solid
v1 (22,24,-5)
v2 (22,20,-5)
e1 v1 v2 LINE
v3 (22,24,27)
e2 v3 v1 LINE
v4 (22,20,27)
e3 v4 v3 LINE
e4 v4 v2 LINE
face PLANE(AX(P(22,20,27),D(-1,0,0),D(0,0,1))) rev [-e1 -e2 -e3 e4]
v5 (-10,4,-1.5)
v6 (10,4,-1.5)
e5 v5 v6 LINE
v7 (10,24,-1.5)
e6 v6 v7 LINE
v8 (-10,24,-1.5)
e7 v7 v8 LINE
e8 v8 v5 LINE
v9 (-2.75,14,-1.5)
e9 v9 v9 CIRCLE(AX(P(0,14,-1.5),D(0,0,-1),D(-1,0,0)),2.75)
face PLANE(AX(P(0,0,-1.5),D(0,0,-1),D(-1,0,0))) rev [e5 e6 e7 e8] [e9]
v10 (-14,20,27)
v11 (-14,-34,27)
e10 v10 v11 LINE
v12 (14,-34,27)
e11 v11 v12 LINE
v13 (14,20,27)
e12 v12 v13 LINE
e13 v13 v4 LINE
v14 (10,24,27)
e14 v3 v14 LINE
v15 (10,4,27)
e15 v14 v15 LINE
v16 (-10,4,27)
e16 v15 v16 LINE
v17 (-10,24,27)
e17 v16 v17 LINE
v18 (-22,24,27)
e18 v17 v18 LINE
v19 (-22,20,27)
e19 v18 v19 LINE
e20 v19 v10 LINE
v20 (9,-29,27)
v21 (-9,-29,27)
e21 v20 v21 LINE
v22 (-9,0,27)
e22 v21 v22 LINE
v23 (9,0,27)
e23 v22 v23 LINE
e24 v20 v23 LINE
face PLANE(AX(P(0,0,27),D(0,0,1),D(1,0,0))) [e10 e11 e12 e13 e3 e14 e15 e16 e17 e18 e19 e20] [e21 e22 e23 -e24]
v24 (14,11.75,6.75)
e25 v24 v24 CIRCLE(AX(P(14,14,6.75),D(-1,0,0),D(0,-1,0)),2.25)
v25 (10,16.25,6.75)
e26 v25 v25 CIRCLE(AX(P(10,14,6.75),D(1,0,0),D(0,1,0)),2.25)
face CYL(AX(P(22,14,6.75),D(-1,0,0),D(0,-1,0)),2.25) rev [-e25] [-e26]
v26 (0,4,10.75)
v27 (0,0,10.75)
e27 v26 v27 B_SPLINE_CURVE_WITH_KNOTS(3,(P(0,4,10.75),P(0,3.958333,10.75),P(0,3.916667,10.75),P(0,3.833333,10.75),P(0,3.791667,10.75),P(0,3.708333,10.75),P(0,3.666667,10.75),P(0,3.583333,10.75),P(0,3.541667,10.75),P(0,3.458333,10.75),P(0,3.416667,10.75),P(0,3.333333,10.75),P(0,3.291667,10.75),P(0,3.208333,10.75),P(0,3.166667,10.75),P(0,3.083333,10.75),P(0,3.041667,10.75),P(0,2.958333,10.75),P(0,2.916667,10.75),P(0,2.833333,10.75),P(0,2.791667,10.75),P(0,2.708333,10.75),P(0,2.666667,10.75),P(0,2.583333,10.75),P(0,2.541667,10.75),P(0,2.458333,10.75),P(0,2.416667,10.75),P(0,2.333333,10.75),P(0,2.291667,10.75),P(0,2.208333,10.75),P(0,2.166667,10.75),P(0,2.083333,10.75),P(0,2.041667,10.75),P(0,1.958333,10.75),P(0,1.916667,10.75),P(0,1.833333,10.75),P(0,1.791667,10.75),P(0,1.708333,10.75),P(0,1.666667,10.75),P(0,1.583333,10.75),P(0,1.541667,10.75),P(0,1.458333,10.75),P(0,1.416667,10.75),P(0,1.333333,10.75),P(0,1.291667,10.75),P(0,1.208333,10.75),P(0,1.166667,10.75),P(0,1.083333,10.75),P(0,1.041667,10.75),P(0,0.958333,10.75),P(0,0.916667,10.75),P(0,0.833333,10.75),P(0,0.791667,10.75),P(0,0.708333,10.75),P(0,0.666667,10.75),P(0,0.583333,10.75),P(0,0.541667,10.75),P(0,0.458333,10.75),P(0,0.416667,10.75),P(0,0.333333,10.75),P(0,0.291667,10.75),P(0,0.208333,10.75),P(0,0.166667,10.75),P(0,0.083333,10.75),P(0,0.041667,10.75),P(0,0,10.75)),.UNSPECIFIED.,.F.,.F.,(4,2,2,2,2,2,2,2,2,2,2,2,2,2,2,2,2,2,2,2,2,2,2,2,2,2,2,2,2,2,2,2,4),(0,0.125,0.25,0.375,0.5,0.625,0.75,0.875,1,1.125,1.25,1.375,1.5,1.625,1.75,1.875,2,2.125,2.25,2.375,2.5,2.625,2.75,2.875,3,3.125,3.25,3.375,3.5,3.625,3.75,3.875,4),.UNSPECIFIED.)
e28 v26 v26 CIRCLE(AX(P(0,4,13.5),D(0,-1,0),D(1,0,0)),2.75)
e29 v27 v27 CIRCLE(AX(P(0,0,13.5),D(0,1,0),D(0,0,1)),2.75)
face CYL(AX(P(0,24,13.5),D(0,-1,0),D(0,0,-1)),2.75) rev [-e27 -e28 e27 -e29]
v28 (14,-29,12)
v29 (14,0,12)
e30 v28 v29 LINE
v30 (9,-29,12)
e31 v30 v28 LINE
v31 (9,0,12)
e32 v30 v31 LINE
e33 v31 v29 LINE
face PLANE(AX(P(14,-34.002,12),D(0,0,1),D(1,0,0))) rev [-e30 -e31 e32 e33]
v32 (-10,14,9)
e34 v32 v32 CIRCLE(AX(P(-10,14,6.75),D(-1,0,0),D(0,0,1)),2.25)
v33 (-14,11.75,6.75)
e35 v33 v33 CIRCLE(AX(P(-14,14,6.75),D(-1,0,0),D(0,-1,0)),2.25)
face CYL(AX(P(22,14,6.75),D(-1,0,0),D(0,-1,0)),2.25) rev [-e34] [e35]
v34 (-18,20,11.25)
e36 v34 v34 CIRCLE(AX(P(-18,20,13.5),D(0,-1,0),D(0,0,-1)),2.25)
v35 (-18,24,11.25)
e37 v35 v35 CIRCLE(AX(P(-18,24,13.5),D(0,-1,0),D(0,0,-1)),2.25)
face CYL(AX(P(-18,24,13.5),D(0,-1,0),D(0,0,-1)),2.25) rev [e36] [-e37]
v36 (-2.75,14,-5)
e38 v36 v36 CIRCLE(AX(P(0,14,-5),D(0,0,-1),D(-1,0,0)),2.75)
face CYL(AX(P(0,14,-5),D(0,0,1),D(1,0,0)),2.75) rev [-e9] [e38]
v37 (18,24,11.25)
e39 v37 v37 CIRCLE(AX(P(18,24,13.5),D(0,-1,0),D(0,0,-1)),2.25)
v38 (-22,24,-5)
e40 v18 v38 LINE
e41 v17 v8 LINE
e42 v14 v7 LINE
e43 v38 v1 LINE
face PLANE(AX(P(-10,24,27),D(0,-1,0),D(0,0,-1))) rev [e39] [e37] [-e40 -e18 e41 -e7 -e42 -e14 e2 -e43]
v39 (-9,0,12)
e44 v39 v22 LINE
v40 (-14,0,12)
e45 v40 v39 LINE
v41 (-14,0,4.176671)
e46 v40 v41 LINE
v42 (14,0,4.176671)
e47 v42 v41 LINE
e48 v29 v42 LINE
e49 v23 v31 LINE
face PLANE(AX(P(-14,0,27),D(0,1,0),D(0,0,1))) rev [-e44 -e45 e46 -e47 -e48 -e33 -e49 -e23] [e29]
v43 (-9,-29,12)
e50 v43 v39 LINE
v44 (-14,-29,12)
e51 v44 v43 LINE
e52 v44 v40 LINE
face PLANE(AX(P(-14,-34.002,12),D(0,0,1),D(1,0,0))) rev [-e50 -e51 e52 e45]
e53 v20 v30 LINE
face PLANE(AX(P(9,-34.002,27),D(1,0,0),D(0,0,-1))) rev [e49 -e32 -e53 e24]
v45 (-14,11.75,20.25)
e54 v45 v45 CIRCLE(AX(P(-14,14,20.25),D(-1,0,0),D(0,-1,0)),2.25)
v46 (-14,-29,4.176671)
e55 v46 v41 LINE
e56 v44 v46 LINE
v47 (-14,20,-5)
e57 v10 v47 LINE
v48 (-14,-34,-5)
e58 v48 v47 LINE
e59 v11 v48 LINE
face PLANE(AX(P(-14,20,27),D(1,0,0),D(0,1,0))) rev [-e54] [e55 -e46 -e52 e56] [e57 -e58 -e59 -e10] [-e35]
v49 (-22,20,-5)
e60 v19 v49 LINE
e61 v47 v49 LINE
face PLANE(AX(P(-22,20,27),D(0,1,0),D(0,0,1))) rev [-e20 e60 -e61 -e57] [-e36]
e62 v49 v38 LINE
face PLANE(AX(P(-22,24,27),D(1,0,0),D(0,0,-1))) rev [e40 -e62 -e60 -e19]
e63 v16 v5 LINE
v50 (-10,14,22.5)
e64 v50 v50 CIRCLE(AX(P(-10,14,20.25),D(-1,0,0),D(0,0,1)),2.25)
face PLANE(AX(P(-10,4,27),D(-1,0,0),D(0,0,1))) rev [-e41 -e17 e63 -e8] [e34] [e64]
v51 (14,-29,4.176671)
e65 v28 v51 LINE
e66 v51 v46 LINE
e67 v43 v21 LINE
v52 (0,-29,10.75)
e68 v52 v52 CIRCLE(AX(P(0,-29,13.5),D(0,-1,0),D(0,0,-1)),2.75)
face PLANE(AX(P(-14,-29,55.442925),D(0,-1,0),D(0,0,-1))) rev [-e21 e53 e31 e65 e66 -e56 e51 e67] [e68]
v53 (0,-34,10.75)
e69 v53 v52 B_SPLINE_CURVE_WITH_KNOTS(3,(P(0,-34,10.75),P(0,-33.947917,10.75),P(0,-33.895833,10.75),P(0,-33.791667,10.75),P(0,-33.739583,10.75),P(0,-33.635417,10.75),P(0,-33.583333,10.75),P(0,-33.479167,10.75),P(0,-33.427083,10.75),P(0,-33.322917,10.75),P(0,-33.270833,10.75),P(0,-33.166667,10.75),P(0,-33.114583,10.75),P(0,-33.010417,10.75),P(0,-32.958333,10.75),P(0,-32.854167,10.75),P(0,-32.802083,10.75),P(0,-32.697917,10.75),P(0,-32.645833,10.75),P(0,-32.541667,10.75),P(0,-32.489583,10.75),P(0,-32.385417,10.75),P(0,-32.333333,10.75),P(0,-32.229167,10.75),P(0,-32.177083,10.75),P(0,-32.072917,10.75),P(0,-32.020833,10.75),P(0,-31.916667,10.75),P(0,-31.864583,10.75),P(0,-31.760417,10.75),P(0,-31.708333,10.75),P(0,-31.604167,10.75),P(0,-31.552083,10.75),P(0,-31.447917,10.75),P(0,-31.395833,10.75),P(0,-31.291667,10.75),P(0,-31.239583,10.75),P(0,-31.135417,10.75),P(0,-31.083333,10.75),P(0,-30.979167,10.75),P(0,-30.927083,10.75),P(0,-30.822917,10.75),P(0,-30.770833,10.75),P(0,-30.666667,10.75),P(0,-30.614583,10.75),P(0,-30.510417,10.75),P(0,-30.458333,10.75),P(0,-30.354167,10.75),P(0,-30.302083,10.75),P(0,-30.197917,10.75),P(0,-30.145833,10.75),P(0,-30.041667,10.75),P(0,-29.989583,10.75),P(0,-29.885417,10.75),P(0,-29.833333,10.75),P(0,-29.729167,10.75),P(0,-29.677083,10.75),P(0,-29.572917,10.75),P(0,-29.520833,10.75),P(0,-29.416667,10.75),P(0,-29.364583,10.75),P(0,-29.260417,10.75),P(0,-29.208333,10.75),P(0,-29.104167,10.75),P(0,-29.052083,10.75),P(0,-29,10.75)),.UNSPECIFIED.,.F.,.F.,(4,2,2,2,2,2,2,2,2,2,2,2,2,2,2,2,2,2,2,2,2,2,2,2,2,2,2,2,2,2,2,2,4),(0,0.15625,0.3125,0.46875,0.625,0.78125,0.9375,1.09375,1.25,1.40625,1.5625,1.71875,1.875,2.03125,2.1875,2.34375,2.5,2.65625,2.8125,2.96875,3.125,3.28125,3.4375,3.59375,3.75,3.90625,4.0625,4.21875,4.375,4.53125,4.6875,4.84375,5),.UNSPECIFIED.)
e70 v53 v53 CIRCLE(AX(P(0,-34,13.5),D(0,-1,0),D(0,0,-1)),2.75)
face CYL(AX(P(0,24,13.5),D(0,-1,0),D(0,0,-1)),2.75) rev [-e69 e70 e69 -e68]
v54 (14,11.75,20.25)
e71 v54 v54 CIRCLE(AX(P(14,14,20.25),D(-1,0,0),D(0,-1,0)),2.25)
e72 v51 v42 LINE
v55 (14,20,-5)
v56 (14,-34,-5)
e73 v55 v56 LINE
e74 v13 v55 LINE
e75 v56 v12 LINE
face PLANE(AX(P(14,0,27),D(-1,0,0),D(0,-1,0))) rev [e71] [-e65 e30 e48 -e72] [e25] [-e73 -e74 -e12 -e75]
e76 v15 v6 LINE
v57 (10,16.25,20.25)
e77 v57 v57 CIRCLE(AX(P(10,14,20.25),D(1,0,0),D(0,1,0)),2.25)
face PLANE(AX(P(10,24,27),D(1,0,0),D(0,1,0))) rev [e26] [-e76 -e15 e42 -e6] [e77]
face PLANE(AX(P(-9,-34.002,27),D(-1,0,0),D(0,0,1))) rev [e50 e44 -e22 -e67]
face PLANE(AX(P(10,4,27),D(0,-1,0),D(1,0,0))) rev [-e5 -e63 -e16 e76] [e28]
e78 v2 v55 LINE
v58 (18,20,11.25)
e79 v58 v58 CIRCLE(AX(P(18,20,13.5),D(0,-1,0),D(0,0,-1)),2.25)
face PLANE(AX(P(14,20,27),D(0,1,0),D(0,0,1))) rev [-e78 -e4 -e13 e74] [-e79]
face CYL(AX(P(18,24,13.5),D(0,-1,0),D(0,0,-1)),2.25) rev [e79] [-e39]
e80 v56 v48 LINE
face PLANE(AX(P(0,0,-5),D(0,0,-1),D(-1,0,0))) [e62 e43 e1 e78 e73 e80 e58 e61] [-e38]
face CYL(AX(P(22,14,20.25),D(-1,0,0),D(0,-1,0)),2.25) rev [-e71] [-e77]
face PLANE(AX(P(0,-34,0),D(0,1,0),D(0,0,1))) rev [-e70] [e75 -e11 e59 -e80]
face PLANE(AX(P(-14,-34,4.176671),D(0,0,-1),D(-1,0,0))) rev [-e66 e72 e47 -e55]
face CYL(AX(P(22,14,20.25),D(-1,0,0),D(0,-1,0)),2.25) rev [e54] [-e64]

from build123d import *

# Parameters (mm, degrees)
BOSS_EXTRUDE1_DEPTH = 27
SKETCH2_R           = 2.25
CUT_EXTRUDE1_DEPTH  = 52
SKETCH3_R           = 2.25
CUT_EXTRUDE2_DEPTH  = 41.162171256
SKETCH5_W           = 28
SKETCH5_H           = 4.176671075
BOSS_EXTRUDE2_DEPTH = 34
SKETCH6_W           = 28
SKETCH6_H           = 5
BOSS_EXTRUDE3_DEPTH = 22.823328925
SKETCH7_R           = 2.75
CUT_EXTRUDE3_DEPTH  = 68.653529103
BOSS_EXTRUDE4_REACH = 50.672
SKETCH8_W           = 5
SKETCH8_H           = 15
SKETCH9_R           = 2.75
BOSS_EXTRUDE5_DEPTH = 5
SKETCH10_W          = 20
SKETCH10_H          = 20
CUT_EXTRUDE4_DEPTH  = 1.5


with BuildPart() as part:
    # Sketch1 → Boss-Extrude1 (new body)
    with BuildSketch(Plane.XY):
        Polygon((-14, 0), (14, 0), (14, 20), (22, 20), (22, 24), (10, 24), (10, 4), (-10, 4), (-10, 24), (-22, 24), (-22, 20), (-14, 20), align=None)
    extrude(amount=BOSS_EXTRUDE1_DEPTH)

    # Sketch2 → Cut-Extrude1 (cut, through all)
    with BuildSketch(Plane.ZY.offset(14)):
        with Locations(Location((6.75, 14, 0), (0, 0, 270))):
            Circle(SKETCH2_R)
        with Locations(Location((20.25, 14, 0), (0, 0, 270))):
            Circle(SKETCH2_R)
    extrude(amount=-CUT_EXTRUDE1_DEPTH, mode=Mode.SUBTRACT)

    # Sketch3 → Cut-Extrude2 (cut, through all)
    with BuildSketch(Plane.XZ.offset(-20)):
        with Locations(Location((-18, 13.5, 0), (0, 0, 270))):
            Circle(SKETCH3_R)
        with Locations(Location((18, 13.5, 0), (0, 0, 270))):
            Circle(SKETCH3_R)
    extrude(amount=-CUT_EXTRUDE2_DEPTH, mode=Mode.SUBTRACT)

    # Sketch5 → Boss-Extrude2 (add)
    with BuildSketch(Plane.XZ):
        with Locations((0, 2.088335538)):
            Rectangle(SKETCH5_W, SKETCH5_H)
    extrude(amount=BOSS_EXTRUDE2_DEPTH)

    # Sketch6 → Boss-Extrude3 (add)
    with BuildSketch(Plane.XY.offset(4.176671075)):
        with Locations((0, -31.5)):
            Rectangle(SKETCH6_W, SKETCH6_H)
    extrude(amount=BOSS_EXTRUDE3_DEPTH)

    # Sketch7 → Cut-Extrude3 (cut, through all)
    with BuildSketch(Plane.XZ.offset(34)):
        with Locations(Location((0, 13.5, 0), (0, 0, 270))):
            Circle(SKETCH7_R)
    extrude(amount=-CUT_EXTRUDE3_DEPTH, mode=Mode.SUBTRACT)

    # Sketch8 → Boss-Extrude4 (add, up to next)
    with BuildSketch(Plane.XZ, mode=Mode.PRIVATE) as boss_extrude4_sk1:
        with Locations((11.5, 19.5)):
            Rectangle(SKETCH8_W, SKETCH8_H)
    boss_extrude4_tool1 = extrude(boss_extrude4_sk1.sketch, amount=BOSS_EXTRUDE4_REACH, mode=Mode.PRIVATE) - part.part
    # Sketch8 → Boss-Extrude4 (add, up to next)
    with BuildSketch(Plane.XZ, mode=Mode.PRIVATE) as boss_extrude4_sk2:
        with Locations((-11.5, 19.5)):
            Rectangle(SKETCH8_W, SKETCH8_H)
    boss_extrude4_tool2 = extrude(boss_extrude4_sk2.sketch, amount=BOSS_EXTRUDE4_REACH, mode=Mode.PRIVATE) - part.part
    add(boss_extrude4_tool1.solids().sort_by_distance((11.5, 0, 19.5))[0])
    add(boss_extrude4_tool2.solids().sort_by_distance((-11.5, 0, 19.5))[0])

    # Sketch9 → Boss-Extrude5 (add)
    with BuildSketch(Plane(origin=(0, 0, 0), x_dir=(-1, 0, 0), z_dir=(0, 0, -1))):
        Polygon((-14, -34), (14, -34), (14, 20), (22, 20), (22, 24), (-22, 24), (-22, 20), (-14, 20), align=None)
        with Locations((0, 14)):
            Circle(SKETCH9_R, mode=Mode.SUBTRACT)
    extrude(amount=BOSS_EXTRUDE5_DEPTH)

    # Sketch10 → Cut-Extrude4 (cut)
    with BuildSketch(Plane.XY):
        with Locations((0, 14)):
            Rectangle(SKETCH10_W, SKETCH10_H)
    extrude(amount=-CUT_EXTRUDE4_DEPTH, mode=Mode.SUBTRACT)


solid = part.part
